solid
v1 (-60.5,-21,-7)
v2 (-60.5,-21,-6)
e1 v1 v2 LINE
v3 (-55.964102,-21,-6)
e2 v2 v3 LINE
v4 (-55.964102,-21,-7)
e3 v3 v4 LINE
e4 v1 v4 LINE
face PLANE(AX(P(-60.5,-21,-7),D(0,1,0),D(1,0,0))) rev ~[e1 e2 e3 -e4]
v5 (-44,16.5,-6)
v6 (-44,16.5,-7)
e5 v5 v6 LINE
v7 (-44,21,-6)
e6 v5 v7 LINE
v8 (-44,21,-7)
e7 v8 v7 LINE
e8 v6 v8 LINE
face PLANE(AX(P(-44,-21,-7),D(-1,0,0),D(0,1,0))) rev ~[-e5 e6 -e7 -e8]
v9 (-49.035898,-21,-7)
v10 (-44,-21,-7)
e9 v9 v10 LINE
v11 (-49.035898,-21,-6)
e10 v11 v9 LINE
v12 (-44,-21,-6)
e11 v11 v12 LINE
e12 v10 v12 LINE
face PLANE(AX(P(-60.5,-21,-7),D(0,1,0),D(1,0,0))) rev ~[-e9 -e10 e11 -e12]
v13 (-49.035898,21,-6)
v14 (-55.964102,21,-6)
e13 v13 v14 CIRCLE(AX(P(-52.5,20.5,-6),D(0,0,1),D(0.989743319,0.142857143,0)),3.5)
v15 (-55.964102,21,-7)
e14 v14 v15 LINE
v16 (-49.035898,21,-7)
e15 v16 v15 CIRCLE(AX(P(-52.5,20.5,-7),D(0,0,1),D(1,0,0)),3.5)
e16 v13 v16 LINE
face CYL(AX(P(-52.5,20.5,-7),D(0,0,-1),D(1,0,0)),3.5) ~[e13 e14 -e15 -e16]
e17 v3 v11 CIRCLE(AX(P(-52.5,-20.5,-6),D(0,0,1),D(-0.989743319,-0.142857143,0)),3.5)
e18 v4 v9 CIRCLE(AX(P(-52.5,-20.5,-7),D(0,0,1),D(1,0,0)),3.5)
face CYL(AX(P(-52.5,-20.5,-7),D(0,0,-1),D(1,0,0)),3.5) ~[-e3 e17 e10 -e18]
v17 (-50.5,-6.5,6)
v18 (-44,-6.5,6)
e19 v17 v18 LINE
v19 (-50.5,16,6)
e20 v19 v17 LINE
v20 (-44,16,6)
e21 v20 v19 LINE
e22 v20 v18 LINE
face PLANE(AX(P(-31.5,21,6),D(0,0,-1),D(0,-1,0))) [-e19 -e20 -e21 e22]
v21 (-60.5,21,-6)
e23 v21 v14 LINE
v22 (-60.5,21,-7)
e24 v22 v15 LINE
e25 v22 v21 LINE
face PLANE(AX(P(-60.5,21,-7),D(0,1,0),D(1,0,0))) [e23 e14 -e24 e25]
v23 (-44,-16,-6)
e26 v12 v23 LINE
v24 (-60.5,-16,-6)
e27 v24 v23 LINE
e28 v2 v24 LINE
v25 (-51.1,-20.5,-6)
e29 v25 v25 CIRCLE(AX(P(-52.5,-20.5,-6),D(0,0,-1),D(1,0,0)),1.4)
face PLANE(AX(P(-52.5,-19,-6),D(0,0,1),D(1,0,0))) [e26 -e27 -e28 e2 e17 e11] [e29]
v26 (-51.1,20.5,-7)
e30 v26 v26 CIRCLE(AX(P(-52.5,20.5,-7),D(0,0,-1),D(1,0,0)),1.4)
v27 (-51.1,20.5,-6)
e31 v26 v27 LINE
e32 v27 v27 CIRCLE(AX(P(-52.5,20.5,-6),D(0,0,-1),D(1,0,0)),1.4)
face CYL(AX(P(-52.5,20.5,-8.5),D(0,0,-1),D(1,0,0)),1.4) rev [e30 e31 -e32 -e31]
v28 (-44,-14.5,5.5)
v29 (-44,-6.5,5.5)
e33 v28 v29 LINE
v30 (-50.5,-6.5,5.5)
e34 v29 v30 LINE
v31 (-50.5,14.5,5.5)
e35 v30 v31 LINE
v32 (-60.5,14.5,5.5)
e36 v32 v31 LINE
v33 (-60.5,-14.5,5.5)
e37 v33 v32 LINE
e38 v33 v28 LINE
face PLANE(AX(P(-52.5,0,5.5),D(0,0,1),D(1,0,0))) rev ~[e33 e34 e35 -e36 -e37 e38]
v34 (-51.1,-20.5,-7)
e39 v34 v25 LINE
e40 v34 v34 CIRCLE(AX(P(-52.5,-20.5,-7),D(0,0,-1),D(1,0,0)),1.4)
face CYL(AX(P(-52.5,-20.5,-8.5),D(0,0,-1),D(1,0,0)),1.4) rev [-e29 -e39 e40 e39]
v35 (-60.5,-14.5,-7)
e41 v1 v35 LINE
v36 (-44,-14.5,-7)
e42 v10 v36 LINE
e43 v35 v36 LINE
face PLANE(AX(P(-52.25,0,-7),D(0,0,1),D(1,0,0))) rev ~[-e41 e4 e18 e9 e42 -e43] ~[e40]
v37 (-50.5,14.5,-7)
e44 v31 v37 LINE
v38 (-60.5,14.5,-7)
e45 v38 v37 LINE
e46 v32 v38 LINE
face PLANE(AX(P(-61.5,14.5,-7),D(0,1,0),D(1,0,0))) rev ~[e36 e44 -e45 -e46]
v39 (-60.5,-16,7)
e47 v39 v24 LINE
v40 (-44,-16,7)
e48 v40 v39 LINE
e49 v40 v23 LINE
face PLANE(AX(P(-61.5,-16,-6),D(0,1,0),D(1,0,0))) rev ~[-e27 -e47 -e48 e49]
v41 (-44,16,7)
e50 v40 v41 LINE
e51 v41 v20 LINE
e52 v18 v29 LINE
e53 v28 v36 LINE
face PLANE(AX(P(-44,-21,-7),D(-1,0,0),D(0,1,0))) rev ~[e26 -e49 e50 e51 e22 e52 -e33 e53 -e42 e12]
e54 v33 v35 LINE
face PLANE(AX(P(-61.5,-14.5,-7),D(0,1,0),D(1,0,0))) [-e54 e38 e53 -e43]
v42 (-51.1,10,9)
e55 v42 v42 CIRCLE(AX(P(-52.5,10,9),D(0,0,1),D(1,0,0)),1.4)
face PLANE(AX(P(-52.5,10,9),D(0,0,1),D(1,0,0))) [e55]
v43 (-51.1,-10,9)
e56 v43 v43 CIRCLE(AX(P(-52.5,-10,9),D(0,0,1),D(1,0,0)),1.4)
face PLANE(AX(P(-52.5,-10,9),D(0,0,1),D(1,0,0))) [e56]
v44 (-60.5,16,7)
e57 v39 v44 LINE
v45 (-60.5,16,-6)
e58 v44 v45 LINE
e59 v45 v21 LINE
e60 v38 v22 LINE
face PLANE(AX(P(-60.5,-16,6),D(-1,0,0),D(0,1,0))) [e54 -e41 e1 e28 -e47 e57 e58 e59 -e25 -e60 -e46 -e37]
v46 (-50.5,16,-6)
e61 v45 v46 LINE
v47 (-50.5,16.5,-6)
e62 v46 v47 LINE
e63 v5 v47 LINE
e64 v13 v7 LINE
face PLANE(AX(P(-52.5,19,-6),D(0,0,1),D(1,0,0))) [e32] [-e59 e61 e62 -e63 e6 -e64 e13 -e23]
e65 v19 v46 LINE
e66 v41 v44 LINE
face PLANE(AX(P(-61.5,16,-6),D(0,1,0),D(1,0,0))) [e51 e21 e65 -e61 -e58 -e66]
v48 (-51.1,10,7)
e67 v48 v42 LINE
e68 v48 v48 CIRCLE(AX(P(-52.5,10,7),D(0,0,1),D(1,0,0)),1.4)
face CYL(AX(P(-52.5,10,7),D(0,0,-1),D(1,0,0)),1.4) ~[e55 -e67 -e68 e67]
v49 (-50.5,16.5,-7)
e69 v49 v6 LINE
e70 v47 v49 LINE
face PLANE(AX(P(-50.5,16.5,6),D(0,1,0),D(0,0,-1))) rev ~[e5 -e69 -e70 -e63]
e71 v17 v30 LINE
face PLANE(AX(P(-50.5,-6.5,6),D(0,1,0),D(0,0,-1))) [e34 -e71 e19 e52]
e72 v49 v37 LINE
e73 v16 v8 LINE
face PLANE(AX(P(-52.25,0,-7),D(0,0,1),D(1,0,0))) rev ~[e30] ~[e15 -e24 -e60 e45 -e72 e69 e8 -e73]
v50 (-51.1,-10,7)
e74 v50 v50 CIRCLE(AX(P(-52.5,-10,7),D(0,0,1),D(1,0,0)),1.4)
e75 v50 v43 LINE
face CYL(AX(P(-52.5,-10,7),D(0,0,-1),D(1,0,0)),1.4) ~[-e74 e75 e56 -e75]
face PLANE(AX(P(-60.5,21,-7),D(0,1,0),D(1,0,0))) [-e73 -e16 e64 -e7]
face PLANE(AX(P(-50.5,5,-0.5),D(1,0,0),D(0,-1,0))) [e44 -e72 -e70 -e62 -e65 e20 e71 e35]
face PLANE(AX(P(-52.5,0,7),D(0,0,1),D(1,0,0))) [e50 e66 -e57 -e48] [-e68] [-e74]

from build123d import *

# Parameters (mm, degrees)
CYLINDER100_R          = 1.5
CYLINDER100_DEPTH      = 10
CYLINDER103_R          = 1.5
CYLINDER103_DEPTH      = 5
CYLINDER104_R          = 1.5
CYLINDER104_DEPTH      = 10
CYLINDER102_R          = 3.5
CYLINDER102_DEPTH      = 5
BOX064_W               = 32
BOX064_H               = 13
BOX064_DEPTH           = 2
CYLINDER101_R          = 6.5
CYLINDER101_DEPTH      = 6
BOX063_W               = 23
BOX063_H               = 13
BOX063_DEPTH           = 24
CUT044_ROLL_ANGLE      = -90
CUT044_PLACEMENT_ANGLE = -90
CYLINDER086_R          = 1.4
CYLINDER086_DEPTH      = 4
BOX043_W               = 18
BOX043_H               = 29
BOX043_DEPTH           = 12.5
BOX044_W               = 18
BOX044_H               = 6
BOX044_DEPTH           = 17
BOX045_W               = 18
BOX045_H               = 6
BOX045_DEPTH           = 17
CYLINDER085_R          = 1.4
CYLINDER085_DEPTH      = 4
CYLINDER084_R          = 3.5
CYLINDER084_DEPTH      = 1
BOX042_W               = 16.5
BOX042_H               = 42
BOX042_DEPTH           = 14
CYLINDER021_R          = 1.4
CYLINDER021_DEPTH      = 2
CYLINDER022_R          = 1.4
CYLINDER022_DEPTH      = 2
BOX010_W               = 16
BOX010_H               = 32
BOX010_DEPTH           = 1
CYLINDER083_R          = 3.5
CYLINDER083_DEPTH      = 1


with BuildPart() as zylinder100:
    # Cylinder100 → Cylinder100 (new body)
    with BuildSketch(Plane(origin=(25.5, 6.5, 13), x_dir=(1, 0, 0), z_dir=(0, 0, 1))):
        Circle(CYLINDER100_R)
    extrude(amount=CYLINDER100_DEPTH)


with BuildPart() as zylinder103:
    # Cylinder103 → Cylinder103 (new body)
    with BuildSketch(Plane(origin=(16.5, 6.5, 30), x_dir=(1, 0, 0), z_dir=(0, 0, 1))):
        Circle(CYLINDER103_R)
    extrude(amount=CYLINDER103_DEPTH)


with BuildPart() as fusion061:
    # Cylinder104 → Cylinder104 (new body)
    with BuildSketch(Plane(origin=(-2.5, 6.5, 13), x_dir=(1, 0, 0), z_dir=(0, 0, 1))):
        Circle(CYLINDER104_R)
    extrude(amount=CYLINDER104_DEPTH)

    # Fusion061: union Zylinder100, Zylinder103
    add(zylinder100.part)
    add(zylinder103.part)


with BuildPart() as zylinder102:
    # Cylinder102 → Cylinder102 (new body)
    with BuildSketch(Plane(origin=(16.5, 6.5, 29), x_dir=(1, 0, 0), z_dir=(0, 0, 1))):
        Circle(CYLINDER102_R)
    extrude(amount=CYLINDER102_DEPTH)


with BuildPart() as w_rfel064:
    # Box064 → Box064 (new body)
    with BuildSketch(Plane(origin=(-4.5, 0, 18), x_dir=(1, 0, 0), z_dir=(0, 0, 1))):
        with Locations((16, 6.5)):
            Rectangle(BOX064_W, BOX064_H)
    extrude(amount=BOX064_DEPTH)


with BuildPart() as zylinder101:
    # Cylinder101 → Cylinder101 (new body)
    with BuildSketch(Plane(origin=(16.5, 6.5, 23), x_dir=(1, 0, 0), z_dir=(0, 0, 1))):
        Circle(CYLINDER101_R)
    extrude(amount=CYLINDER101_DEPTH)


with BuildPart() as servo3_mask001:
    # Box063 → Box063 (new body)
    with BuildSketch(Plane.XY.offset(-1)):
        with Locations((11.5, 6.5)):
            Rectangle(BOX063_W, BOX063_H)
    extrude(amount=BOX063_DEPTH)

    # Fusion060: union Zylinder102, Würfel064, Zylinder101
    add(zylinder102.part)
    add(w_rfel064.part)
    add(zylinder101.part)

    # Cut044: cut Fusion061
    add(fusion061.part, mode=Mode.SUBTRACT)


with BuildPart() as servo3_mask001_1:
    # Cut044 roll: moved
    add(servo3_mask001.part.rotate(Axis((0, 0, 0), (1, 0, 0)), CUT044_ROLL_ANGLE))


with BuildPart() as servo3_mask001_2:
    # Cut044 placement: moved
    add(servo3_mask001_1.part.moved(Location((-49.5, 16.5, 5))).rotate(Axis((-49.5, 16.5, 5), (0, 0, 1)), CUT044_PLACEMENT_ANGLE))


with BuildPart() as zylinder086:
    # Cylinder086 → Cylinder086 (new body)
    with BuildSketch(Plane(origin=(-52.5, 20.5, -9.5), x_dir=(1, 0, 0), z_dir=(0, 0, 1))):
        Circle(CYLINDER086_R)
    extrude(amount=CYLINDER086_DEPTH)


with BuildPart() as w_rfel043:
    # Box043 → Box043 (new body)
    with BuildSketch(Plane(origin=(-61.5, -14.5, -8), x_dir=(1, 0, 0), z_dir=(0, 0, 1))):
        with Locations((9, 14.5)):
            Rectangle(BOX043_W, BOX043_H)
    extrude(amount=BOX043_DEPTH)


with BuildPart() as w_rfel044:
    # Box044 → Box044 (new body)
    with BuildSketch(Plane(origin=(-61.5, -22, -7), x_dir=(1, 0, 0), z_dir=(0, 0, 1))):
        with Locations((9, 3)):
            Rectangle(BOX044_W, BOX044_H)
    extrude(amount=BOX044_DEPTH)


with BuildPart() as w_rfel045:
    # Box045 → Box045 (new body)
    with BuildSketch(Plane(origin=(-61.5, 16, -7), x_dir=(1, 0, 0), z_dir=(0, 0, 1))):
        with Locations((9, 3)):
            Rectangle(BOX045_W, BOX045_H)
    extrude(amount=BOX045_DEPTH)


with BuildPart() as fusion093:
    # Cylinder085 → Cylinder085 (new body)
    with BuildSketch(Plane(origin=(-52.5, -20.5, -9.5), x_dir=(1, 0, 0), z_dir=(0, 0, 1))):
        Circle(CYLINDER085_R)
    extrude(amount=CYLINDER085_DEPTH)

    # Fusion047: union Zylinder086, Würfel043, Würfel044, Würfel045
    add(zylinder086.part)
    add(w_rfel043.part)
    add(w_rfel044.part)
    add(w_rfel045.part)

    # Fusion093: union Servo3_mask001
    add(servo3_mask001_2.part)


with BuildPart() as zylinder084:
    # Cylinder084 → Cylinder084 (new body)
    with BuildSketch(Plane(origin=(-52.5, 20.5, -8), x_dir=(1, 0, 0), z_dir=(0, 0, 1))):
        Circle(CYLINDER084_R)
    extrude(amount=CYLINDER084_DEPTH)


with BuildPart() as w_rfel042:
    # Box042 → Box042 (new body)
    with BuildSketch(Plane(origin=(-60.5, -21, -8), x_dir=(1, 0, 0), z_dir=(0, 0, 1))):
        with Locations((8.25, 21)):
            Rectangle(BOX042_W, BOX042_H)
    extrude(amount=BOX042_DEPTH)


with BuildPart() as zylinder021:
    # Cylinder021 → Cylinder021 (new body)
    with BuildSketch(Plane(origin=(16.5, 10, -26.5), x_dir=(1, 0, 0), z_dir=(0, 0, 1))):
        Circle(CYLINDER021_R)
    extrude(amount=CYLINDER021_DEPTH)


with BuildPart() as zylinder022:
    # Cylinder022 → Cylinder022 (new body)
    with BuildSketch(Plane(origin=(16.5, -10, -26.5), x_dir=(1, 0, 0), z_dir=(0, 0, 1))):
        Circle(CYLINDER022_R)
    extrude(amount=CYLINDER022_DEPTH)


with BuildPart() as fusion009:
    # Box010 → Box010 (new body)
    with BuildSketch(Plane(origin=(8.5, -16, -27.5), x_dir=(1, 0, 0), z_dir=(0, 0, 1))):
        with Locations((8, 16)):
            Rectangle(BOX010_W, BOX010_H)
    extrude(amount=BOX010_DEPTH)

    # Fusion009: union Zylinder021, Zylinder022
    add(zylinder021.part)
    add(zylinder022.part)


with BuildPart() as fusion009_1:
    # Fusion009 placement: moved
    add(fusion009.part.moved(Location((-69, 0, 32.5))))


with BuildPart() as cut082:
    # Cylinder083 → Cylinder083 (new body)
    with BuildSketch(Plane(origin=(-52.5, -20.5, -8), x_dir=(1, 0, 0), z_dir=(0, 0, 1))):
        Circle(CYLINDER083_R)
    extrude(amount=CYLINDER083_DEPTH)

    # Fusion046: union Zylinder084, Würfel042, Fusion009
    add(zylinder084.part)
    add(w_rfel042.part)
    add(fusion009_1.part)

    # Cut082: cut Fusion093
    add(fusion093.part, mode=Mode.SUBTRACT)


with BuildPart() as cut082_1:
    # Cut082 placement: moved
    add(cut082.part.moved(Location((0, 0, 1))))


solid = cut082_1.part
